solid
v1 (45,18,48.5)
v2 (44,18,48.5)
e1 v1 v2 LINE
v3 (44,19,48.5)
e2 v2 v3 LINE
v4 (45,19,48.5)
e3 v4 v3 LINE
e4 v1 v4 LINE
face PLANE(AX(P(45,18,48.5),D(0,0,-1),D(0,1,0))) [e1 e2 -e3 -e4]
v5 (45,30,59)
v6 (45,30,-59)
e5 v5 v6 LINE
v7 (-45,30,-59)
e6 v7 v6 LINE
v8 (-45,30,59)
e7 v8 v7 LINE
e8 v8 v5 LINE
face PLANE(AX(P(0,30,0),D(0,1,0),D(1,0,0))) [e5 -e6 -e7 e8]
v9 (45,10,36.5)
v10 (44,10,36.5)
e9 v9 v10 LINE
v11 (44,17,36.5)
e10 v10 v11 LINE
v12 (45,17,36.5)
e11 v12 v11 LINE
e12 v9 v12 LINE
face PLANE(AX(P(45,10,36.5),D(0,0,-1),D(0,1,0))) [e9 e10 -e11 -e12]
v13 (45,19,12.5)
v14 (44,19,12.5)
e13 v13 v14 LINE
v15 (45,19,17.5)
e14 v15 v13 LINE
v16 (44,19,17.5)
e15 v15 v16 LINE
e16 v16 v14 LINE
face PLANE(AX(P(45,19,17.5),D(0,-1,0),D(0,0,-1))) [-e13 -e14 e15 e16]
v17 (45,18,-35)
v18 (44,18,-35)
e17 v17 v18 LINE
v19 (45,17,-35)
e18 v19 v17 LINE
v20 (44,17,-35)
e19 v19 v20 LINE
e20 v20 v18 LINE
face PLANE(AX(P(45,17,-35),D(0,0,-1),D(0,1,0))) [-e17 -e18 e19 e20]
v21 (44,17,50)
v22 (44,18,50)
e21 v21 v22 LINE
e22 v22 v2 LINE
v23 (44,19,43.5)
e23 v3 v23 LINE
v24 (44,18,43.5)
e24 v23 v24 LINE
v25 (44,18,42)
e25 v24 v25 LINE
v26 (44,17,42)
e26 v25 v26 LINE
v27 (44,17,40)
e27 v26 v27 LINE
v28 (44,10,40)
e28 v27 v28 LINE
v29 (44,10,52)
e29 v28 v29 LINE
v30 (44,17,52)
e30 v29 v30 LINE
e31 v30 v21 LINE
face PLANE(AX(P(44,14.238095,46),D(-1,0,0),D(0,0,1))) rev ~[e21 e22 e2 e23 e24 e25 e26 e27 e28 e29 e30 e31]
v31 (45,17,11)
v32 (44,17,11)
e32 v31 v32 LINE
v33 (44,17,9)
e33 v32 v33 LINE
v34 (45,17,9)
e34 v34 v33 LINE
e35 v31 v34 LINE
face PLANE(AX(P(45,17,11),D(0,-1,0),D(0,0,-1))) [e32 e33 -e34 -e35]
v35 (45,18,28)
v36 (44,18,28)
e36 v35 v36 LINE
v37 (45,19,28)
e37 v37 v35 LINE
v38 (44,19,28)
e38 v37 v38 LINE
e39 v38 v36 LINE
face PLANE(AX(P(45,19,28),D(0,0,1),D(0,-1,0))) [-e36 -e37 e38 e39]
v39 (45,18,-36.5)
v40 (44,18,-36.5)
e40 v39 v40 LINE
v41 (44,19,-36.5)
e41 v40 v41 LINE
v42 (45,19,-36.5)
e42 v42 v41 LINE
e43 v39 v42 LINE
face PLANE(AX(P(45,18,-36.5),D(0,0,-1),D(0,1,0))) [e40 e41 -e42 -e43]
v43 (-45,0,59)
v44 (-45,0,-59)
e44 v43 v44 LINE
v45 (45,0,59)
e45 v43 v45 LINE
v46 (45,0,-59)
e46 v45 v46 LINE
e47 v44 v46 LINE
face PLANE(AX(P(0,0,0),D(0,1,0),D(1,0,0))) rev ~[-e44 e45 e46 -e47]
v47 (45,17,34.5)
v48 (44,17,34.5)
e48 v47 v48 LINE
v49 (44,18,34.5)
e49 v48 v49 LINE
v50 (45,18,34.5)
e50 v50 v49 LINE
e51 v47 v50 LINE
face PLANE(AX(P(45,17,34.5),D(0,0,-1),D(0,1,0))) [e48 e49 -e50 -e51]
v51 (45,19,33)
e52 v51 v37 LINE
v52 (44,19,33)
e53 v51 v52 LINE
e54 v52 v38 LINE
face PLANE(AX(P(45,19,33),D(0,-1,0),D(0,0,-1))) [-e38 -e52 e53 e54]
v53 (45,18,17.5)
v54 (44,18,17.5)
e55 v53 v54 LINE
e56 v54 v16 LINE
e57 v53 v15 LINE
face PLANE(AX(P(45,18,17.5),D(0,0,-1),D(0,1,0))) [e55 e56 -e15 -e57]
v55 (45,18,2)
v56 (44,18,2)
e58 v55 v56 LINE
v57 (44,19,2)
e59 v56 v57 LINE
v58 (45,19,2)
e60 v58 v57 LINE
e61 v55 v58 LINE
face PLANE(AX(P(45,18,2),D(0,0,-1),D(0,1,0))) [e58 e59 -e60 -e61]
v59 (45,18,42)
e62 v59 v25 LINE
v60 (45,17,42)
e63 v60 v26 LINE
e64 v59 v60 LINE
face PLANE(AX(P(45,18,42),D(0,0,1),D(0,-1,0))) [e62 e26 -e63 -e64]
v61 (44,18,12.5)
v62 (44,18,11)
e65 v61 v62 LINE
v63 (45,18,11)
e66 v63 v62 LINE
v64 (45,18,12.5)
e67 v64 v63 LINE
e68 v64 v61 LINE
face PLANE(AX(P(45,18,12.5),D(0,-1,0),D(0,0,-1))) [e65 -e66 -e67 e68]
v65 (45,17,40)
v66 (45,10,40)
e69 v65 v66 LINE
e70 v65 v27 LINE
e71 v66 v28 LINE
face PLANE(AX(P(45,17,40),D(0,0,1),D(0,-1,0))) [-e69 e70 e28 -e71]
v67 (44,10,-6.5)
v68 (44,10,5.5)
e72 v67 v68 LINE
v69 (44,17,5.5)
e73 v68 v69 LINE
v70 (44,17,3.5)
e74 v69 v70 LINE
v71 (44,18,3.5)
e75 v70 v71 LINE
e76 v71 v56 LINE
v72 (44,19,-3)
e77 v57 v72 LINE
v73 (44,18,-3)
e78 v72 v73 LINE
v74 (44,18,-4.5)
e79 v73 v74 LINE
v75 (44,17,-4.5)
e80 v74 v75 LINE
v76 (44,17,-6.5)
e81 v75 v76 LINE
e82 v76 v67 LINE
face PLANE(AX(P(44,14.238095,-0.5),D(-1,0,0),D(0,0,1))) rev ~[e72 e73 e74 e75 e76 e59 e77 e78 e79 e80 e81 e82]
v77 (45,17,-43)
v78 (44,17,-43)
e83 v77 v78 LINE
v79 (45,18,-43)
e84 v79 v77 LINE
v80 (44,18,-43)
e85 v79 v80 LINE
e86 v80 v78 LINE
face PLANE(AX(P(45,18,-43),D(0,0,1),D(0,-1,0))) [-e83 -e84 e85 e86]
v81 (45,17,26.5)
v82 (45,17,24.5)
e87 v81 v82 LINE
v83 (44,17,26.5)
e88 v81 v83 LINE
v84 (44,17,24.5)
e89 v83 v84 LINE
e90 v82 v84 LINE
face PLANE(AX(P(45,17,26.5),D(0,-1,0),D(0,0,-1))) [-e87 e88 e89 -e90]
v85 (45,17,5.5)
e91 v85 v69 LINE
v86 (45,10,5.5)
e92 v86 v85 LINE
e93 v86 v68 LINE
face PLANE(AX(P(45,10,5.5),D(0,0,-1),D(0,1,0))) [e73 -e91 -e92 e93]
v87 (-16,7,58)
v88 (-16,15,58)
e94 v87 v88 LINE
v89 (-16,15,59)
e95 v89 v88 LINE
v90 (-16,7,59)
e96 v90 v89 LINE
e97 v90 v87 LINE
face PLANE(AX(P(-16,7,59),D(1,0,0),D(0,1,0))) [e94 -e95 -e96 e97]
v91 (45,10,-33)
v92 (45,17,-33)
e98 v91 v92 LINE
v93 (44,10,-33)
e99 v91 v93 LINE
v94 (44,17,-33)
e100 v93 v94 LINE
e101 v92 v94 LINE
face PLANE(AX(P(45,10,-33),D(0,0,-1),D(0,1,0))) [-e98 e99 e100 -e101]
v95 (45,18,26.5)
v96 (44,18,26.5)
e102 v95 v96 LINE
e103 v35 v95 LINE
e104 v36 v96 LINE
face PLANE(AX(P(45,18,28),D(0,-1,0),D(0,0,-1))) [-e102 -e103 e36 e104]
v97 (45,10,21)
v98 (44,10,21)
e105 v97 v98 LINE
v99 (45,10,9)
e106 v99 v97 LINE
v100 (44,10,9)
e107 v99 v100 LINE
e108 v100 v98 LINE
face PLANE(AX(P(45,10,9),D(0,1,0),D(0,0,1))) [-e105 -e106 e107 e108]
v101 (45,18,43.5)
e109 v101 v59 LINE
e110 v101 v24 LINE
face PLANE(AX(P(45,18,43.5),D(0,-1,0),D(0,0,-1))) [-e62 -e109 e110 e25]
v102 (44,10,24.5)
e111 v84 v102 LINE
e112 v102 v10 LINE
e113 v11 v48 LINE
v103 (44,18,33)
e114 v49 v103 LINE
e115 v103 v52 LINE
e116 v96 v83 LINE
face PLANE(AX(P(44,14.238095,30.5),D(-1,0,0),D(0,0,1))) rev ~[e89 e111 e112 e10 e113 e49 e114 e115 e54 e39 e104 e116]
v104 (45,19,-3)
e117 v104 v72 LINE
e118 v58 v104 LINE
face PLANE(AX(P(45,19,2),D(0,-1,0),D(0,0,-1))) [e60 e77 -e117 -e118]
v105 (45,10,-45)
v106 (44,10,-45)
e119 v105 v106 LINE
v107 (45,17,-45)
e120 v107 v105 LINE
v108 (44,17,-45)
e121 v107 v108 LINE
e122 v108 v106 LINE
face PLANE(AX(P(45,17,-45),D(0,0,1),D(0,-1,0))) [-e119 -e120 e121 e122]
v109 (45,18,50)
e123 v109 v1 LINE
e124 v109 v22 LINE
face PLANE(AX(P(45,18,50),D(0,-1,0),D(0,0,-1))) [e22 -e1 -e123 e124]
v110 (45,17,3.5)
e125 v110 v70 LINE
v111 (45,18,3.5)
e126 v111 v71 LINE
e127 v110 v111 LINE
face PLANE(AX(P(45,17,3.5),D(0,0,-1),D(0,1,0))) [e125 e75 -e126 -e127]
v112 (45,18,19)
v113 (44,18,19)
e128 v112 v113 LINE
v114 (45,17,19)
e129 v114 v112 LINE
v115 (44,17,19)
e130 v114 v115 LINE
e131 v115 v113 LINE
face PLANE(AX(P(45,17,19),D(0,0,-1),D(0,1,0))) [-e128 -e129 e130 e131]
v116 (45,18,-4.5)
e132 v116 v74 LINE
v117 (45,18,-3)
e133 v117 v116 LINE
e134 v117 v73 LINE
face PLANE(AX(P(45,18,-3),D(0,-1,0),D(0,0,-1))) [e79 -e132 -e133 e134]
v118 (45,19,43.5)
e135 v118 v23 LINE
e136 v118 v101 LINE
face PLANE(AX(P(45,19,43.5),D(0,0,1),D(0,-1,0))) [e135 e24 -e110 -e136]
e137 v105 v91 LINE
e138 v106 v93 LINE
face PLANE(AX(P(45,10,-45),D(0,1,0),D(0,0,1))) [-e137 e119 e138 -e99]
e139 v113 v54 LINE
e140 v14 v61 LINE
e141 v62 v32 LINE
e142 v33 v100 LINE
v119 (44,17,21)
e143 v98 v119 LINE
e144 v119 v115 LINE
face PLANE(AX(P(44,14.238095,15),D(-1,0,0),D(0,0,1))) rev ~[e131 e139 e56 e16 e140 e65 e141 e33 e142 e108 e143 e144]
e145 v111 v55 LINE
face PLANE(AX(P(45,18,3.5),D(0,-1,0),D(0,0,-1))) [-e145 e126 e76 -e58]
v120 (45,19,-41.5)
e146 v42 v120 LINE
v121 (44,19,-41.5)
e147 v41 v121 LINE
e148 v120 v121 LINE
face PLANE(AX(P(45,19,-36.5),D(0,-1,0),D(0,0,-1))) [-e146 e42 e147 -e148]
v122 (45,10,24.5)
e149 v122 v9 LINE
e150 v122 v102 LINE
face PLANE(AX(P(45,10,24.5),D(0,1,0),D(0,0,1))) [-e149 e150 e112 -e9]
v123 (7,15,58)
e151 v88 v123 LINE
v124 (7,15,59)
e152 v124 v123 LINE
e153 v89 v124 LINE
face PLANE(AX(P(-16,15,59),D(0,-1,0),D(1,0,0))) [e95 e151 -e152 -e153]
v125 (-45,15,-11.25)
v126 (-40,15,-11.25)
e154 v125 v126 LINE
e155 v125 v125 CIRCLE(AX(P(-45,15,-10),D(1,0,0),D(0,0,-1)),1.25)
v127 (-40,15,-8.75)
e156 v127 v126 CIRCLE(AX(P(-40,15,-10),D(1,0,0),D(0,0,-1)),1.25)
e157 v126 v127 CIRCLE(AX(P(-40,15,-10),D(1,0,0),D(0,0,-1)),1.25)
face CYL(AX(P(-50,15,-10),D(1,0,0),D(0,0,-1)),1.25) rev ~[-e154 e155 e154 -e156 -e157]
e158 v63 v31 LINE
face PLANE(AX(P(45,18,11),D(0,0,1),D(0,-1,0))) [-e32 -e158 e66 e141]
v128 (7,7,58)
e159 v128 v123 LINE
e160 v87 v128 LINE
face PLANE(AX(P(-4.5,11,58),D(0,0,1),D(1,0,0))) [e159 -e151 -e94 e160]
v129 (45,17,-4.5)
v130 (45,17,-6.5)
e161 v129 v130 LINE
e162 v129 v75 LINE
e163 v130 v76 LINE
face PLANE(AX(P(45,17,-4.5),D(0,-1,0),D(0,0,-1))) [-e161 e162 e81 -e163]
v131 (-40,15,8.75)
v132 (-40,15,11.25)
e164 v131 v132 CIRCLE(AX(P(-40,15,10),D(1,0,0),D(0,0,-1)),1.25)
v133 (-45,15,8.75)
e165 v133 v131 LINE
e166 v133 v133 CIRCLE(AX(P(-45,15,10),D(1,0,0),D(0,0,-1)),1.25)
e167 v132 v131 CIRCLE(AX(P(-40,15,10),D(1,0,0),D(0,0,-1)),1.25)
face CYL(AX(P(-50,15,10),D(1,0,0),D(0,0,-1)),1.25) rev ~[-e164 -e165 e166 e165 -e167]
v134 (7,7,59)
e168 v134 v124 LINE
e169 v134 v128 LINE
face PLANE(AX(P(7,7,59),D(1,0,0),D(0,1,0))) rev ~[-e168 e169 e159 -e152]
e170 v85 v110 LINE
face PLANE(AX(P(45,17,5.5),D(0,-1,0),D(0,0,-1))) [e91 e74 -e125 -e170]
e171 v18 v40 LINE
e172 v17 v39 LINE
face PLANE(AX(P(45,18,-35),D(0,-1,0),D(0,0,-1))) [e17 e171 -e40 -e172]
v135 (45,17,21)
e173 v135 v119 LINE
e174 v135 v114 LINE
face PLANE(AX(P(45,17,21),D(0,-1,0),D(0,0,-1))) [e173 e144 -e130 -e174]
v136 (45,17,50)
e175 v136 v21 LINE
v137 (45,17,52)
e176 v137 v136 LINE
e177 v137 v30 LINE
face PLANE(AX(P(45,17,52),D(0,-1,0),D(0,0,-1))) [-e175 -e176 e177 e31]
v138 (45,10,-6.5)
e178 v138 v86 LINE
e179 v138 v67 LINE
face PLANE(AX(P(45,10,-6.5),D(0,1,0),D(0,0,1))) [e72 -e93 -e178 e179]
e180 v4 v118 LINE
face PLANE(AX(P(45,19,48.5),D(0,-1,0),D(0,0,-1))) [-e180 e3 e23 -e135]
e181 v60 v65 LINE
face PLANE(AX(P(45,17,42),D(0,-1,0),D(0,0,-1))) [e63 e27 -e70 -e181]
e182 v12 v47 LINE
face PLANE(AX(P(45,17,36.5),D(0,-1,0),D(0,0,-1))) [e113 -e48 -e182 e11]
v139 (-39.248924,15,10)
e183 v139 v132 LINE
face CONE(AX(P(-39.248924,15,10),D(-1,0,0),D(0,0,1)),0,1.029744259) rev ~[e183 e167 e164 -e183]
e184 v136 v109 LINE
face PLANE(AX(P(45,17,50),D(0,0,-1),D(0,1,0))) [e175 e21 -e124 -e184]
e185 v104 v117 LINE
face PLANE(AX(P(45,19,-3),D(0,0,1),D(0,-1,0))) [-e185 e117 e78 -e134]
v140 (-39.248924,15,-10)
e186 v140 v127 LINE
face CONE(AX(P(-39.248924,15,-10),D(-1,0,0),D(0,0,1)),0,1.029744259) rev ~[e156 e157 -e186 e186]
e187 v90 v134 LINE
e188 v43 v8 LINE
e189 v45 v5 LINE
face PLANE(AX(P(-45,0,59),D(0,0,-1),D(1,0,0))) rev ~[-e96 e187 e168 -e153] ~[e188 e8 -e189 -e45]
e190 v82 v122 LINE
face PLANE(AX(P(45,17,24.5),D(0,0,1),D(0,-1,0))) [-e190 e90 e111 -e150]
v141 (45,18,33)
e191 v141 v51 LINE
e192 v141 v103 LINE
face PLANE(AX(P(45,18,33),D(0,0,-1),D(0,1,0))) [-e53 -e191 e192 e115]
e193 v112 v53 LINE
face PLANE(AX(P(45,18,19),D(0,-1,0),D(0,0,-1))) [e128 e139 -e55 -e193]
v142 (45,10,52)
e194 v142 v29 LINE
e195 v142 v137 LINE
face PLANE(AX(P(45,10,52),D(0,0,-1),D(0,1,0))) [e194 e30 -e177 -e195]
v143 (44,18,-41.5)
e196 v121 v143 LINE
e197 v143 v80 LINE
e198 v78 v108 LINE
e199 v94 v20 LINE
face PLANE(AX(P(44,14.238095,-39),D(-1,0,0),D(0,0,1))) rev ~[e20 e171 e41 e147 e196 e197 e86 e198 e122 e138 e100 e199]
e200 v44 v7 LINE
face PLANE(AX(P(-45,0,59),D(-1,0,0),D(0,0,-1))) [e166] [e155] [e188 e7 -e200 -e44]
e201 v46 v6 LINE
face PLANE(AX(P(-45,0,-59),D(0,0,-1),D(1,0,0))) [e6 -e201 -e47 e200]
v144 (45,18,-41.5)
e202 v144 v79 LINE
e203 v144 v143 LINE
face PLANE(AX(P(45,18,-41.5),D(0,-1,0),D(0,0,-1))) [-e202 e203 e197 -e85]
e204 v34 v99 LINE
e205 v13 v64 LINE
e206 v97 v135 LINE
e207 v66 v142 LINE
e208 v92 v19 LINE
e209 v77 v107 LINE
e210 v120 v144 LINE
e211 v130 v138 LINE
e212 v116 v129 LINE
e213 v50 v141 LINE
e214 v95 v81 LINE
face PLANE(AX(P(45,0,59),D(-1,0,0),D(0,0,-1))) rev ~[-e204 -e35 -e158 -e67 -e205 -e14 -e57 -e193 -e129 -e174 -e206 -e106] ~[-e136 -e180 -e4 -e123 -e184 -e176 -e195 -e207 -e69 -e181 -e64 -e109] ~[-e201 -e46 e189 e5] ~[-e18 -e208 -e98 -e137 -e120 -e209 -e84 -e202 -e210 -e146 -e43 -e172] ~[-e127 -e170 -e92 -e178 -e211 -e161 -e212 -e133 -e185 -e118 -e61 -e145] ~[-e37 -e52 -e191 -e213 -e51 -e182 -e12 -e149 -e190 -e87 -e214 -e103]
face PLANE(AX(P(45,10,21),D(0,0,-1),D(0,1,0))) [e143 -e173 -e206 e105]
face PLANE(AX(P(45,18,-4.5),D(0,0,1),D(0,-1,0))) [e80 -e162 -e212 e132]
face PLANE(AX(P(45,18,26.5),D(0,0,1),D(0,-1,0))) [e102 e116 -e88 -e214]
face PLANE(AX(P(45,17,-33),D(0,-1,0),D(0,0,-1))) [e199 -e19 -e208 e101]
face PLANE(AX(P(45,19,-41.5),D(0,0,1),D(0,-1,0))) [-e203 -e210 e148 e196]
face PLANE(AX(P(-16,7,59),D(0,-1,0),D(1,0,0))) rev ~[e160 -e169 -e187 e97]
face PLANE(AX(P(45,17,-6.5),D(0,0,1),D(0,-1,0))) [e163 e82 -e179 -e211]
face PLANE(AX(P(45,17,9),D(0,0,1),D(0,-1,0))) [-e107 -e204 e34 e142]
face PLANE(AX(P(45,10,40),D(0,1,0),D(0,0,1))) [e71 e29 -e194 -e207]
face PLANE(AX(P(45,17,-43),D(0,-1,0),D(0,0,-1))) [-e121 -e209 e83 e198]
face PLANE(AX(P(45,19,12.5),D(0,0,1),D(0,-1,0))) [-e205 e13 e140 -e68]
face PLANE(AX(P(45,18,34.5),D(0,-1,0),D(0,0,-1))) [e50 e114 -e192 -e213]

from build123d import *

# Parameters (mm, degrees)
SKETCH_1_W             = 90
SKETCH_1_H             = 118
EXTRUDE_1_DEPTH        = 30
HOLE_WIZARD_M3_1_D     = 2.5
HOLE_WIZARD_M3_1_DEPTH = 5
HOLE_WIZARD_M3_1_TIP   = 0.751075774
SKETCH_5_W             = 23
SKETCH_5_H             = 8
CUT_EXTRUDE_1_DEPTH    = 1
CUT_EXTRUDE_2_DEPTH    = 1


with BuildPart() as part:
    # 草图1 → 凸台-拉伸1 (new body)
    with BuildSketch(Plane(origin=(0, 0, 0), x_dir=(1, 0, 0), z_dir=(0, 1, 0))):
        Rectangle(SKETCH_1_W, SKETCH_1_H)
    extrude(amount=EXTRUDE_1_DEPTH)

    # M3 螺纹孔的螺纹孔钻头1
    with Locations(Plane.ZY.offset(45)):
        with Locations((10, 15), (-10, 15)):
            Hole(HOLE_WIZARD_M3_1_D / 2, depth=HOLE_WIZARD_M3_1_DEPTH)
            with Locations((0, 0, -(HOLE_WIZARD_M3_1_DEPTH + HOLE_WIZARD_M3_1_TIP / 2))):  # 118° drill point
                Cone(0, HOLE_WIZARD_M3_1_D / 2, HOLE_WIZARD_M3_1_TIP, mode=Mode.SUBTRACT)

    # 草图5 → 切除-拉伸1 (cut)
    with BuildSketch(Plane.XY.offset(59)):
        with Locations((-4.5, 11)):
            Rectangle(SKETCH_5_W, SKETCH_5_H)
    extrude(amount=-CUT_EXTRUDE_1_DEPTH, mode=Mode.SUBTRACT)

    # 草图6 → 切除-拉伸2 (cut)
    with BuildSketch(Plane(origin=(45, 0, 0), x_dir=(0, 0, -1), z_dir=(1, 0, 0))):
        Polygon((-40, 10), (-52, 10), (-52, 17), (-50, 17), (-50, 18), (-48.5, 18), (-48.5, 19), (-43.5, 19), (-43.5, 18), (-42, 18), (-42, 17), (-40, 17), align=None)
        Polygon((-24.5, 10), (-36.5, 10), (-36.5, 17), (-34.5, 17), (-34.5, 18), (-33, 18), (-33, 19), (-28, 19), (-28, 18), (-26.5, 18), (-26.5, 17), (-24.5, 17), align=None)
        Polygon((-9, 10), (-21, 10), (-21, 17), (-19, 17), (-19, 18), (-17.5, 18), (-17.5, 19), (-12.5, 19), (-12.5, 18), (-11, 18), (-11, 17), (-9, 17), align=None)
        Polygon((6.5, 10), (-5.5, 10), (-5.5, 17), (-3.5, 17), (-3.5, 18), (-2, 18), (-2, 19), (3, 19), (3, 18), (4.5, 18), (4.5, 17), (6.5, 17), align=None)
        Polygon((33, 10), (33, 17), (35, 17), (35, 18), (36.5, 18), (36.5, 19), (41.5, 19), (41.5, 18), (43, 18), (43, 17), (45, 17), (45, 10), align=None)
    extrude(amount=-CUT_EXTRUDE_2_DEPTH, mode=Mode.SUBTRACT)


solid = part.part
